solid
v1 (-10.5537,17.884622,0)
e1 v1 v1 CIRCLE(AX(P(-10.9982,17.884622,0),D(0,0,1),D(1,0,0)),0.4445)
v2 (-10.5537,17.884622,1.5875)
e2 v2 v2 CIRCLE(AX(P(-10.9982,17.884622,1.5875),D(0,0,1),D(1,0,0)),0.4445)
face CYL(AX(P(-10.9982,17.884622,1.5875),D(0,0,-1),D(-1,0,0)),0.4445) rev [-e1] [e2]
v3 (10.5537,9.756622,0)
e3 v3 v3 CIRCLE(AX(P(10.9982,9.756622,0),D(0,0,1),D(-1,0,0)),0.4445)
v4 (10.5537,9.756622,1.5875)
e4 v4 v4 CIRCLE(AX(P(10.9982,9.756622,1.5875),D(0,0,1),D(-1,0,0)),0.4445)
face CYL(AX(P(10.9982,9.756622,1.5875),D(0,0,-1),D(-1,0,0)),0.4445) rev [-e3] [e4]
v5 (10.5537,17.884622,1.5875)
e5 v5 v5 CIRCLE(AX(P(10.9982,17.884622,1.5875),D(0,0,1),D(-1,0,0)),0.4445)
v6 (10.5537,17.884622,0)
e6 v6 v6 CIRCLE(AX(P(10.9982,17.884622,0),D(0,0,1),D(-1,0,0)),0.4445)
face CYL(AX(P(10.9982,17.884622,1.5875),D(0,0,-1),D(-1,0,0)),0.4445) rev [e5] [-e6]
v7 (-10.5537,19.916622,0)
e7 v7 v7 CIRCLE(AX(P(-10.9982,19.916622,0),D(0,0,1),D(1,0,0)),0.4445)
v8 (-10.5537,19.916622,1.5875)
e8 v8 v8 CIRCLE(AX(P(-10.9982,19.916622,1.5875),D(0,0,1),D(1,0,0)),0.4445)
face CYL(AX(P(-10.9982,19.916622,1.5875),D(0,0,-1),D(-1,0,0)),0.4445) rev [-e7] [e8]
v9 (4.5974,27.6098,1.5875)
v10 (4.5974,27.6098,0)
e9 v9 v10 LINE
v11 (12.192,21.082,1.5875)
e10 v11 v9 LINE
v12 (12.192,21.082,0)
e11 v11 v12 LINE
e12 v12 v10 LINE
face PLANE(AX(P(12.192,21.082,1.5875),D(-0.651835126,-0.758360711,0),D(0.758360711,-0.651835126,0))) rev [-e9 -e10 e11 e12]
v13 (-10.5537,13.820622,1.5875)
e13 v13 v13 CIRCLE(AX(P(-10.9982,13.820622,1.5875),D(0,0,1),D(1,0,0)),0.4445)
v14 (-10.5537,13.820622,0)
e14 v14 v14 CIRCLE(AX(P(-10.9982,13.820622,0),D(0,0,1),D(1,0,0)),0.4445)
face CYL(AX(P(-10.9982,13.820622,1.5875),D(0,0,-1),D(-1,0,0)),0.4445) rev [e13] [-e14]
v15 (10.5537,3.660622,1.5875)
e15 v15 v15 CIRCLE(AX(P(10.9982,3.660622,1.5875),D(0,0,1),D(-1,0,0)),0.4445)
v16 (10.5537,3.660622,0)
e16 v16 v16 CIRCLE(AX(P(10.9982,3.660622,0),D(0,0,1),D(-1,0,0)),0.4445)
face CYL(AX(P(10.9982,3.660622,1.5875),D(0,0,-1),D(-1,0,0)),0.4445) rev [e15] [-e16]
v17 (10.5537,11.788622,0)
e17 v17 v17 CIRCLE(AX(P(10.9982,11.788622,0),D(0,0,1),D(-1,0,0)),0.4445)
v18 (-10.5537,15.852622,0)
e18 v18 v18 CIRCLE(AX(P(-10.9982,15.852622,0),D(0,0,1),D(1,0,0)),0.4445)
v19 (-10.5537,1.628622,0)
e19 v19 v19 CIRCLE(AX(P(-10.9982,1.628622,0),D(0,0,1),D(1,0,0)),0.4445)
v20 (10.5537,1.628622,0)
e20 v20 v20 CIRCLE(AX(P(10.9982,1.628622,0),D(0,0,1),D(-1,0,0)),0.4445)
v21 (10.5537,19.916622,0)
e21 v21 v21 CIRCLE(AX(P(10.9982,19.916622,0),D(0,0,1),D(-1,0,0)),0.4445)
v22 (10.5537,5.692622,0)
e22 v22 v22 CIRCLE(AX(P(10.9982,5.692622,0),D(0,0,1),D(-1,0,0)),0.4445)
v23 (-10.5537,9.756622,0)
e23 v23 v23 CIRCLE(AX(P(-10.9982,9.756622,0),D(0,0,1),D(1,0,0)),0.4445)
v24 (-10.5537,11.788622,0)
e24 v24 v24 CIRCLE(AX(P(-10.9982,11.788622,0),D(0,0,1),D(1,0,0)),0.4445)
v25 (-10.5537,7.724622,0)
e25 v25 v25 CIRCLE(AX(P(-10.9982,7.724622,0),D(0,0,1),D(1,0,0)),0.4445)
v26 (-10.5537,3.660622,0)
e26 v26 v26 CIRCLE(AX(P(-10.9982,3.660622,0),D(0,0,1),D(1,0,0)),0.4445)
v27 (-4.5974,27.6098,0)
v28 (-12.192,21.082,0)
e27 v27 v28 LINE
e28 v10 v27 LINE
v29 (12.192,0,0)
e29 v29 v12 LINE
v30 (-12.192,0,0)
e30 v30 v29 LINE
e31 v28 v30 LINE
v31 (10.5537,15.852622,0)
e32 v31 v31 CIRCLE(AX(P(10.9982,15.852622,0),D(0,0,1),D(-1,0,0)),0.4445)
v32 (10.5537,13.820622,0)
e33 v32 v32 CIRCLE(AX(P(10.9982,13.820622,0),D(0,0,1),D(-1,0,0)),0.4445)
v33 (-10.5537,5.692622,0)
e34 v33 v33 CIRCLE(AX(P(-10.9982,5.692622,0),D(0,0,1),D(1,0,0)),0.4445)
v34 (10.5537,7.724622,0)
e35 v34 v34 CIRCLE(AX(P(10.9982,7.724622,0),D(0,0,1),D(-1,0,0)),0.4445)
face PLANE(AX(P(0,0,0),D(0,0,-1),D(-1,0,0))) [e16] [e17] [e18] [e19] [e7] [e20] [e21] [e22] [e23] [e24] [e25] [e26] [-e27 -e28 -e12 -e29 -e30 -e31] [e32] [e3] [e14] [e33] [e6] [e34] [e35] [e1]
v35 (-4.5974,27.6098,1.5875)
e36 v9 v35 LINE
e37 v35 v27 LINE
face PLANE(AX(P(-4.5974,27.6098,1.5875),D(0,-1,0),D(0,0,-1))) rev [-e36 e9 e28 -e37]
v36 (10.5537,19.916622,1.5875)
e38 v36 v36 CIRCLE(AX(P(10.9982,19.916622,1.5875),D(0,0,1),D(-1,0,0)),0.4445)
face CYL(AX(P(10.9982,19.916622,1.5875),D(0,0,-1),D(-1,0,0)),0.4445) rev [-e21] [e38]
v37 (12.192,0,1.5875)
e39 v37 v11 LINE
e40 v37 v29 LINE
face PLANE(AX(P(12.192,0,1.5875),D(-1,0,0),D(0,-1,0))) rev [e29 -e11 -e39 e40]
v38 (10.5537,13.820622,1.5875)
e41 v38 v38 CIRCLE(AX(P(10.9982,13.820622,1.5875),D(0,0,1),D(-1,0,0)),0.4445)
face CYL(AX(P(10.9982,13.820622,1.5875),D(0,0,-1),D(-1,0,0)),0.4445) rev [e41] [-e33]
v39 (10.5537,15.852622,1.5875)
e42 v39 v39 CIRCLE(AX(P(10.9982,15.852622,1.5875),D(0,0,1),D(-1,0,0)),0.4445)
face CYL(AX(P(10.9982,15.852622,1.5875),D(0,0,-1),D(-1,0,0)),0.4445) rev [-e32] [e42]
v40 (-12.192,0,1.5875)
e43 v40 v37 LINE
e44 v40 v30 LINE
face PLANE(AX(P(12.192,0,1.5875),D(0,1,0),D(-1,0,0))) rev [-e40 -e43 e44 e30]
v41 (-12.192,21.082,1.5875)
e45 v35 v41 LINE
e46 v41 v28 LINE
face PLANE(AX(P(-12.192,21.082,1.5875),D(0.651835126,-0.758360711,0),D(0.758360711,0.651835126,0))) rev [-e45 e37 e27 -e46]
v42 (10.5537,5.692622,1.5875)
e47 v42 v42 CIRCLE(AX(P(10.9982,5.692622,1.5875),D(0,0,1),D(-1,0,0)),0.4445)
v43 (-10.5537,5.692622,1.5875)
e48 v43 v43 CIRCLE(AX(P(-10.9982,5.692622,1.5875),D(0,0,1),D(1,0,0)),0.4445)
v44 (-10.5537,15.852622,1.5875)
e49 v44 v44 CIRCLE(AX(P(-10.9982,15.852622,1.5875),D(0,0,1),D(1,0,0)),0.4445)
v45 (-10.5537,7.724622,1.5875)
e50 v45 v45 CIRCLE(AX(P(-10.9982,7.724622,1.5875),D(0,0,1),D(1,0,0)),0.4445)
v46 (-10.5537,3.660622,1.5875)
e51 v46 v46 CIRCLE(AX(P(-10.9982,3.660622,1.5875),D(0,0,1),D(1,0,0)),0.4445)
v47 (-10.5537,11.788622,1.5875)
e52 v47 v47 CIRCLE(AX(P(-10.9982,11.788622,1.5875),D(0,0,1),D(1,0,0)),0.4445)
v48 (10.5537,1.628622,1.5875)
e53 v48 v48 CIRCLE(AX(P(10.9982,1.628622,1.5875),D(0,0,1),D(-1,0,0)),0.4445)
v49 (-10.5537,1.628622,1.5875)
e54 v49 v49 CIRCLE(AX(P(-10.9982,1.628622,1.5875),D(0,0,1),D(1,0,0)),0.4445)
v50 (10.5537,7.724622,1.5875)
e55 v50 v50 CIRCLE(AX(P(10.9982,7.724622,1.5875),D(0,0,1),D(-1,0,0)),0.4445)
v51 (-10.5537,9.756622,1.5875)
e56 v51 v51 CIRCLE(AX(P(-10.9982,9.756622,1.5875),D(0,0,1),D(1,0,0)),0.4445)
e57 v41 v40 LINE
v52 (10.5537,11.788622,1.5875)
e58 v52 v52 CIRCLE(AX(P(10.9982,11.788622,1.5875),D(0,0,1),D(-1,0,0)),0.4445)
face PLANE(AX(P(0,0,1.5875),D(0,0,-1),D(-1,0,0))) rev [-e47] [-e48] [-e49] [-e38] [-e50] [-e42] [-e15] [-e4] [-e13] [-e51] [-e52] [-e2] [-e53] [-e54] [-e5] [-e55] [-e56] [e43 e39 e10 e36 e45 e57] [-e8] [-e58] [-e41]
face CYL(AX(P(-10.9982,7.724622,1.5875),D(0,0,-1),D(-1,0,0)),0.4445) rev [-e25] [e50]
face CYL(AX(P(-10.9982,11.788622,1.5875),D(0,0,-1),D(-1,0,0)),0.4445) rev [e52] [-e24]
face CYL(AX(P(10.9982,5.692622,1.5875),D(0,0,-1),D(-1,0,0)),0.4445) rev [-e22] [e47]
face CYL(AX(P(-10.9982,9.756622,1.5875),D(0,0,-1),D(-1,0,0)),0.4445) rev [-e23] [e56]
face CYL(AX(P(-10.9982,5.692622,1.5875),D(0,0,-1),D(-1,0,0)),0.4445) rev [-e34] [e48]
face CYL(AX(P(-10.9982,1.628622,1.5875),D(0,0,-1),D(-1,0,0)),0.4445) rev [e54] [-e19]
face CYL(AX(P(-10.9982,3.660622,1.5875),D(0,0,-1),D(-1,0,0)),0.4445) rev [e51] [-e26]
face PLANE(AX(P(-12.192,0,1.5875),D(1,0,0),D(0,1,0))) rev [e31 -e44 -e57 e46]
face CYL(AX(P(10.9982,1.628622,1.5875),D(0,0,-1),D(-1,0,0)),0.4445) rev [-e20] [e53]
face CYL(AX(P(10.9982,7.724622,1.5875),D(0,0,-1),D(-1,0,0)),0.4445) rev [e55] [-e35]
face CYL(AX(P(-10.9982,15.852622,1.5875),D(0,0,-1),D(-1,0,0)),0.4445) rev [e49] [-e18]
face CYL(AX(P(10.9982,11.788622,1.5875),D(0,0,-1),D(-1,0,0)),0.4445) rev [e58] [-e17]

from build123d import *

# Parameters (mm, degrees)
SKETCH1_R           = 0.4445
BOSS_EXTRUDE1_DEPTH = 1.5875


with BuildPart() as part:
    # Sketch1 → Boss-Extrude1 (new body)
    with BuildSketch(Plane.XY):
        Polygon((12.192, 0), (-12.192, 0), (-12.192, 21.082), (-4.5974, 27.6098), (4.5974, 27.6098), (12.192, 21.082), align=None)
        with Locations((-10.9982, 1.628621929)):
            Circle(SKETCH1_R, mode=Mode.SUBTRACT)
        with Locations((-10.9982, 3.660621929)):
            Circle(SKETCH1_R, mode=Mode.SUBTRACT)
        with Locations((-10.9982, 5.692621929)):
            Circle(SKETCH1_R, mode=Mode.SUBTRACT)
        with Locations((-10.9982, 7.724621929)):
            Circle(SKETCH1_R, mode=Mode.SUBTRACT)
        with Locations((-10.9982, 9.756621929)):
            Circle(SKETCH1_R, mode=Mode.SUBTRACT)
        with Locations((-10.9982, 11.788621929)):
            Circle(SKETCH1_R, mode=Mode.SUBTRACT)
        with Locations((-10.9982, 13.820621929)):
            Circle(SKETCH1_R, mode=Mode.SUBTRACT)
        with Locations((-10.9982, 15.852621929)):
            Circle(SKETCH1_R, mode=Mode.SUBTRACT)
        with Locations((-10.9982, 17.884621929)):
            Circle(SKETCH1_R, mode=Mode.SUBTRACT)
        with Locations((-10.9982, 19.916621929)):
            Circle(SKETCH1_R, mode=Mode.SUBTRACT)
        with Locations((10.9982, 19.916621929)):
            Circle(SKETCH1_R, mode=Mode.SUBTRACT)
        with Locations((10.9982, 17.884621929)):
            Circle(SKETCH1_R, mode=Mode.SUBTRACT)
        with Locations((10.9982, 15.852621929)):
            Circle(SKETCH1_R, mode=Mode.SUBTRACT)
        with Locations((10.9982, 13.820621929)):
            Circle(SKETCH1_R, mode=Mode.SUBTRACT)
        with Locations((10.9982, 11.788621929)):
            Circle(SKETCH1_R, mode=Mode.SUBTRACT)
        with Locations((10.9982, 9.756621929)):
            Circle(SKETCH1_R, mode=Mode.SUBTRACT)
        with Locations((10.9982, 7.724621929)):
            Circle(SKETCH1_R, mode=Mode.SUBTRACT)
        with Locations((10.9982, 5.692621929)):
            Circle(SKETCH1_R, mode=Mode.SUBTRACT)
        with Locations((10.9982, 3.660621929)):
            Circle(SKETCH1_R, mode=Mode.SUBTRACT)
        with Locations((10.9982, 1.628621929)):
            Circle(SKETCH1_R, mode=Mode.SUBTRACT)
    extrude(amount=BOSS_EXTRUDE1_DEPTH)


solid = part.part
